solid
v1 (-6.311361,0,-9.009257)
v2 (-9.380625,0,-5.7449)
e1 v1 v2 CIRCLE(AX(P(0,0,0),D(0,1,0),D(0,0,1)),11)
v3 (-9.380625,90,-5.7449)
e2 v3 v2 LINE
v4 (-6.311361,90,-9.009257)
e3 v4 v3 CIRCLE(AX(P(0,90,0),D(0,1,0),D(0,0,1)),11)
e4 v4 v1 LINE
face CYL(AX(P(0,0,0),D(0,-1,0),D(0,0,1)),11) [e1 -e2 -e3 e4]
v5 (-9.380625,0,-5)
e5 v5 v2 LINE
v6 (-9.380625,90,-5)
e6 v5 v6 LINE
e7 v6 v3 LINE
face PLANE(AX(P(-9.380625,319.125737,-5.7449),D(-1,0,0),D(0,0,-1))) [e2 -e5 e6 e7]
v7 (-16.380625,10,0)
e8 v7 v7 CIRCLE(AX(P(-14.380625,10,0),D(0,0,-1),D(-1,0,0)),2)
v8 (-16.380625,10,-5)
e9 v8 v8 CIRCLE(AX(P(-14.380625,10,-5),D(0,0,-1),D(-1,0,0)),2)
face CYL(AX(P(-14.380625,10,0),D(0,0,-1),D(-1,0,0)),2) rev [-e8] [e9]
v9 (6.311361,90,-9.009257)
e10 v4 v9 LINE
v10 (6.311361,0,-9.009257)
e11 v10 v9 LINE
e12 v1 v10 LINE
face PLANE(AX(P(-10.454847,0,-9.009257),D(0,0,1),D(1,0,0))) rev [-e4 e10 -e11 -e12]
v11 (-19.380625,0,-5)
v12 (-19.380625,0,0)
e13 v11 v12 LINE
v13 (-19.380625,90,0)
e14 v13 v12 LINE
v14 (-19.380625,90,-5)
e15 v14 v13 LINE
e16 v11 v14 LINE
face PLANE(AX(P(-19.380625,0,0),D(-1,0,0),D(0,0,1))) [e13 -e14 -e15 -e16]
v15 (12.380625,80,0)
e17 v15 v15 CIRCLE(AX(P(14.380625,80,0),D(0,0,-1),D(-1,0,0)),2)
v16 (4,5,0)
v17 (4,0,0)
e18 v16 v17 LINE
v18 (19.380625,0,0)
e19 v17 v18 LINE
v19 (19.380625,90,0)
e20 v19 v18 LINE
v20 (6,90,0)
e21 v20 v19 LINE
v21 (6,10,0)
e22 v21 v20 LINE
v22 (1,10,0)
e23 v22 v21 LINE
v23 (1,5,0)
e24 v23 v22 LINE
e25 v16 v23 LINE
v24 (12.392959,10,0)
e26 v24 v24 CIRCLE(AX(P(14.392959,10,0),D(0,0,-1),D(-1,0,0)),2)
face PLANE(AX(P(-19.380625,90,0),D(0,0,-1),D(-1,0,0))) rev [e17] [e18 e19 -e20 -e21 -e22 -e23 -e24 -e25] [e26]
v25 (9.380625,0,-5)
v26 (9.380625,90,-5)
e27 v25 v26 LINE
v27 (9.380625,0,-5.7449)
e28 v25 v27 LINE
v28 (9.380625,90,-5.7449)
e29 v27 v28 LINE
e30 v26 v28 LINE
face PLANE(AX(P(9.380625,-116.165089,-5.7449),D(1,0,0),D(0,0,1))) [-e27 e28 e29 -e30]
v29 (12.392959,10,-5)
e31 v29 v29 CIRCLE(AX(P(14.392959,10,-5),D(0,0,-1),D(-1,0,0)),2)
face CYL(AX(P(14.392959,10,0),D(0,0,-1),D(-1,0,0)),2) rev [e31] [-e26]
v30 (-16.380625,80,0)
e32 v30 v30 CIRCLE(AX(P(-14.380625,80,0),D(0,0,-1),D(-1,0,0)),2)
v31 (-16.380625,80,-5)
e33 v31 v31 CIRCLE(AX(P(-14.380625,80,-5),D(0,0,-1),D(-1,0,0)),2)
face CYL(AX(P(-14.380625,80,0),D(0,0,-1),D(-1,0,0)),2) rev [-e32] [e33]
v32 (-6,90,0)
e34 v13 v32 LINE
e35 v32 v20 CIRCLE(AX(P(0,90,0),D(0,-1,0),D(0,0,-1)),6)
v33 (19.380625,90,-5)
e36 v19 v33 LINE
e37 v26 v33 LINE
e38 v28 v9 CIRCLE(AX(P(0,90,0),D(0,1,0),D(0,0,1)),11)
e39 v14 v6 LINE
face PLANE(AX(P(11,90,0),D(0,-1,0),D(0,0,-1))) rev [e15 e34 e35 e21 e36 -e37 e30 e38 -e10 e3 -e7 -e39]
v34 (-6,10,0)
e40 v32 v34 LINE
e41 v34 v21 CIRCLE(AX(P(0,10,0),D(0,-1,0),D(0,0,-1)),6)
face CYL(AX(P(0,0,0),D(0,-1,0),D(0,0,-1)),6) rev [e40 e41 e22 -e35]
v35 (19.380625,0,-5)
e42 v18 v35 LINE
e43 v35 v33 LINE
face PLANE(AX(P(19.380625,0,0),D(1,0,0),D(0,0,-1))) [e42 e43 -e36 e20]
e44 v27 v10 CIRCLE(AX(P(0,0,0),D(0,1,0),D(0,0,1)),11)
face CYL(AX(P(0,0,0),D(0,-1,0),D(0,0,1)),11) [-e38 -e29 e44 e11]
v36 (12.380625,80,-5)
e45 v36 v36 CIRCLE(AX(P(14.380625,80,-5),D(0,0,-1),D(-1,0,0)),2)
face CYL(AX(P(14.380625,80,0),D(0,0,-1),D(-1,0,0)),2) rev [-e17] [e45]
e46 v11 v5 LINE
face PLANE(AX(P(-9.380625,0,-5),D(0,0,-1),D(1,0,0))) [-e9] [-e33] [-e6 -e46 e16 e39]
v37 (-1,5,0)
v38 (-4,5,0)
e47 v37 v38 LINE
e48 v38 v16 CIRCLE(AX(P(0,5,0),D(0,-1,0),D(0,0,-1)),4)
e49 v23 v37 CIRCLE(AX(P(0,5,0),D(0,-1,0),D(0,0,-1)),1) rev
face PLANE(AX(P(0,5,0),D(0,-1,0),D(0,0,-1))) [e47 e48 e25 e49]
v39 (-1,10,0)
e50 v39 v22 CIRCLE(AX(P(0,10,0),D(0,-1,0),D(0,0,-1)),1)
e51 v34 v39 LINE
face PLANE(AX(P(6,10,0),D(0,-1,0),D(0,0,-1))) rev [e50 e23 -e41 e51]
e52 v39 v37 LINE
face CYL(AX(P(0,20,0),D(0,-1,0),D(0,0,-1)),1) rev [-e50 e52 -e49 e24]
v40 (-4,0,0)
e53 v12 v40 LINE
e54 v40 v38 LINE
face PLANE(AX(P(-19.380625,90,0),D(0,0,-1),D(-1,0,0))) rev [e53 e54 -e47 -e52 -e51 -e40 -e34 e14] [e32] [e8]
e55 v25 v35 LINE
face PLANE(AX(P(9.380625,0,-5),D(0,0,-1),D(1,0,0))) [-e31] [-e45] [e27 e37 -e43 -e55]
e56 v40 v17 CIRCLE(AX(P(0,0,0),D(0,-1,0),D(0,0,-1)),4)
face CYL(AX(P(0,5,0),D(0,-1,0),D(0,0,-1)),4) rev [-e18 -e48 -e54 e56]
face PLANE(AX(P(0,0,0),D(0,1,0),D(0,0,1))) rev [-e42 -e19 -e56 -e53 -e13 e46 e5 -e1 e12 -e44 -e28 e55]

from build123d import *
from build123d.topology import SkipClean

# Parameters (mm, degrees)
ROTATION1_ANGLE                      = 180
SCHNITT_LINEAR_AUSTRAGEN2_DEPTH      = 92.33454987
SCHNITT_LINEAR_AUSTRAGEN2_DEPTH_BACK = 90
SCHNITT_LINEAR_AUSTRAGEN3_DEPTH      = 92.33454987
SCHNITT_LINEAR_AUSTRAGEN3_DEPTH_BACK = 90
SKIZZE8_W                            = 10
SKIZZE8_H                            = 5
AUFSATZ_LINEAR_AUSTRAGEN2_DEPTH      = 90
SKIZZE9_W                            = 10
SKIZZE9_H                            = 5
AUFSATZ_LINEAR_AUSTRAGEN3_DEPTH      = 90
SKIZZE12_R                           = 1
SCHNITT_LINEAR_AUSTRAGEN5_DEPTH      = 20
SKIZZE13_W                           = 38.761249726
SKIZZE13_H                           = 19.724182296
SCHNITT_LINEAR_AUSTRAGEN7_DEPTH      = 90
SKIZZE14_R                           = 4
SCHNITT_LINEAR_AUSTRAGEN8_DEPTH      = 5
SKIZZE15_R                           = 2
SCHNITT_LINEAR_AUSTRAGEN9_DEPTH      = 93.258379674
SKIZZE17_W                           = 21.457385309
SKIZZE17_H                           = 2
SCHNITT_LINEAR_AUSTRAGEN16_DEPTH     = 93.717898057


with BuildPart() as part:
    # Skizze3 → Rotation1 (revolve)
    with BuildSketch(Plane.XY):
        Polygon((0, 0), (-11, 0), (-11, 90), (-6, 90), (-6, 10), (0, 10), align=None)
    revolve(axis=Axis((0, 0, 0), (0, 1, 0)), revolution_arc=ROTATION1_ANGLE)

    # Skizze6 → Schnitt-Linear austragen2 (cut, two sides: drawn at the far end of the back side and taken through both)
    with BuildSketch(Plane(origin=(0, 90, 0), x_dir=(1, 0, 0), z_dir=(0, 1, 0)).offset(-SCHNITT_LINEAR_AUSTRAGEN2_DEPTH_BACK)):
        Polygon((-9.380624863, -62.0642209), (-9.380624863, -5.744900102), (-9.380624863, 0), (-9.380624863, 56.319320799), (-122.01926646, 56.319320799), (-122.01926646, -62.0642209), align=None)
    extrude(amount=SCHNITT_LINEAR_AUSTRAGEN2_DEPTH + SCHNITT_LINEAR_AUSTRAGEN2_DEPTH_BACK, mode=Mode.SUBTRACT)

    # Skizze7 → Schnitt-Linear austragen3 (cut, two sides: drawn at the far end of the back side and taken through both)
    with BuildSketch(Plane.XZ.offset(-SCHNITT_LINEAR_AUSTRAGEN3_DEPTH_BACK)):
        Polygon((9.380624863, 59.241313346), (9.380624863, 5.744900102), (9.380624863, 0), (9.380624863, -53.496413245), (116.373451353, -53.496413245), (116.373451353, 59.241313346), align=None)
    extrude(amount=SCHNITT_LINEAR_AUSTRAGEN3_DEPTH + SCHNITT_LINEAR_AUSTRAGEN3_DEPTH_BACK, mode=Mode.SUBTRACT)

    # Skizze8 → Aufsatz-Linear austragen2 (add)
    with BuildSketch(Plane(origin=(0, 90, 0), x_dir=(1, 0, 0), z_dir=(0, 1, 0))):
        with Locations((-14.380624863, -2.5)):
            Rectangle(SKIZZE8_W, SKIZZE8_H)
    extrude(amount=-AUFSATZ_LINEAR_AUSTRAGEN2_DEPTH)

    # Skizze9 → Aufsatz-Linear austragen3 (add)
    with BuildSketch(Plane(origin=(0, 90, 0), x_dir=(1, 0, 0), z_dir=(0, 1, 0))):
        with Locations((14.380624863, -2.5)):
            Rectangle(SKIZZE9_W, SKIZZE9_H)
    extrude(amount=-AUFSATZ_LINEAR_AUSTRAGEN3_DEPTH)

    # Skizze12 → Schnitt-Linear austragen5 (cut)
    with BuildSketch(Plane(origin=(0, 0, 0), x_dir=(-1, 0, 0), z_dir=(0, -1, 0))):
        Circle(SKIZZE12_R)
    extrude(amount=-SCHNITT_LINEAR_AUSTRAGEN5_DEPTH, mode=Mode.SUBTRACT)

    # Spiegeln2: part across face


with BuildPart() as part_1:
    with SkipClean():  # the faces are left unmerged after this step: merging them gives an invalid solid
        add(part.part)
        add(part.part.mirror(Plane(origin=(12.323947404, 43.405429497, 0), x_dir=(1, 0, 0), z_dir=(0, 0, -1))))

    # Skizze13 → Schnitt-Linear austragen7 (cut)
    with BuildSketch(Plane(origin=(0, 0, 0), x_dir=(-1, 0, 0), z_dir=(0, -1, 0))):
        with Locations((0, -9.862091148)):
            Rectangle(SKIZZE13_W, SKIZZE13_H)
    extrude(amount=-SCHNITT_LINEAR_AUSTRAGEN7_DEPTH, mode=Mode.SUBTRACT)

    # Skizze14 → Schnitt-Linear austragen8 (cut)
    with BuildSketch(Plane(origin=(0, 0, 0), x_dir=(-1, 0, 0), z_dir=(0, -1, 0))):
        Circle(SKIZZE14_R)
    extrude(amount=-SCHNITT_LINEAR_AUSTRAGEN8_DEPTH, mode=Mode.SUBTRACT)

    # Skizze15 → Schnitt-Linear austragen9 (cut, through all)
    with BuildSketch(Plane(origin=(0, 0, -5), x_dir=(-1, 0, 0), z_dir=(0, 0, -1))):
        with Locations((-14.380624863, 80)):
            Circle(SKIZZE15_R)
        with Locations((-14.392959085, 10)):
            Circle(SKIZZE15_R)
        with Locations((14.380624863, 10)):
            Circle(SKIZZE15_R)
        with Locations((14.380624863, 80)):
            Circle(SKIZZE15_R)
    extrude(amount=-SCHNITT_LINEAR_AUSTRAGEN9_DEPTH, mode=Mode.SUBTRACT)

    # Skizze17 → Schnitt-Linear austragen16 (cut, through all)
    with BuildSketch(Plane(origin=(0, 90, 0), x_dir=(1, 0, 0), z_dir=(0, 1, 0))):
        with Locations((0.273845189, 10.009257492)):
            Rectangle(SKIZZE17_W, SKIZZE17_H)
    extrude(amount=-SCHNITT_LINEAR_AUSTRAGEN16_DEPTH, mode=Mode.SUBTRACT)


solid = part_1.part
